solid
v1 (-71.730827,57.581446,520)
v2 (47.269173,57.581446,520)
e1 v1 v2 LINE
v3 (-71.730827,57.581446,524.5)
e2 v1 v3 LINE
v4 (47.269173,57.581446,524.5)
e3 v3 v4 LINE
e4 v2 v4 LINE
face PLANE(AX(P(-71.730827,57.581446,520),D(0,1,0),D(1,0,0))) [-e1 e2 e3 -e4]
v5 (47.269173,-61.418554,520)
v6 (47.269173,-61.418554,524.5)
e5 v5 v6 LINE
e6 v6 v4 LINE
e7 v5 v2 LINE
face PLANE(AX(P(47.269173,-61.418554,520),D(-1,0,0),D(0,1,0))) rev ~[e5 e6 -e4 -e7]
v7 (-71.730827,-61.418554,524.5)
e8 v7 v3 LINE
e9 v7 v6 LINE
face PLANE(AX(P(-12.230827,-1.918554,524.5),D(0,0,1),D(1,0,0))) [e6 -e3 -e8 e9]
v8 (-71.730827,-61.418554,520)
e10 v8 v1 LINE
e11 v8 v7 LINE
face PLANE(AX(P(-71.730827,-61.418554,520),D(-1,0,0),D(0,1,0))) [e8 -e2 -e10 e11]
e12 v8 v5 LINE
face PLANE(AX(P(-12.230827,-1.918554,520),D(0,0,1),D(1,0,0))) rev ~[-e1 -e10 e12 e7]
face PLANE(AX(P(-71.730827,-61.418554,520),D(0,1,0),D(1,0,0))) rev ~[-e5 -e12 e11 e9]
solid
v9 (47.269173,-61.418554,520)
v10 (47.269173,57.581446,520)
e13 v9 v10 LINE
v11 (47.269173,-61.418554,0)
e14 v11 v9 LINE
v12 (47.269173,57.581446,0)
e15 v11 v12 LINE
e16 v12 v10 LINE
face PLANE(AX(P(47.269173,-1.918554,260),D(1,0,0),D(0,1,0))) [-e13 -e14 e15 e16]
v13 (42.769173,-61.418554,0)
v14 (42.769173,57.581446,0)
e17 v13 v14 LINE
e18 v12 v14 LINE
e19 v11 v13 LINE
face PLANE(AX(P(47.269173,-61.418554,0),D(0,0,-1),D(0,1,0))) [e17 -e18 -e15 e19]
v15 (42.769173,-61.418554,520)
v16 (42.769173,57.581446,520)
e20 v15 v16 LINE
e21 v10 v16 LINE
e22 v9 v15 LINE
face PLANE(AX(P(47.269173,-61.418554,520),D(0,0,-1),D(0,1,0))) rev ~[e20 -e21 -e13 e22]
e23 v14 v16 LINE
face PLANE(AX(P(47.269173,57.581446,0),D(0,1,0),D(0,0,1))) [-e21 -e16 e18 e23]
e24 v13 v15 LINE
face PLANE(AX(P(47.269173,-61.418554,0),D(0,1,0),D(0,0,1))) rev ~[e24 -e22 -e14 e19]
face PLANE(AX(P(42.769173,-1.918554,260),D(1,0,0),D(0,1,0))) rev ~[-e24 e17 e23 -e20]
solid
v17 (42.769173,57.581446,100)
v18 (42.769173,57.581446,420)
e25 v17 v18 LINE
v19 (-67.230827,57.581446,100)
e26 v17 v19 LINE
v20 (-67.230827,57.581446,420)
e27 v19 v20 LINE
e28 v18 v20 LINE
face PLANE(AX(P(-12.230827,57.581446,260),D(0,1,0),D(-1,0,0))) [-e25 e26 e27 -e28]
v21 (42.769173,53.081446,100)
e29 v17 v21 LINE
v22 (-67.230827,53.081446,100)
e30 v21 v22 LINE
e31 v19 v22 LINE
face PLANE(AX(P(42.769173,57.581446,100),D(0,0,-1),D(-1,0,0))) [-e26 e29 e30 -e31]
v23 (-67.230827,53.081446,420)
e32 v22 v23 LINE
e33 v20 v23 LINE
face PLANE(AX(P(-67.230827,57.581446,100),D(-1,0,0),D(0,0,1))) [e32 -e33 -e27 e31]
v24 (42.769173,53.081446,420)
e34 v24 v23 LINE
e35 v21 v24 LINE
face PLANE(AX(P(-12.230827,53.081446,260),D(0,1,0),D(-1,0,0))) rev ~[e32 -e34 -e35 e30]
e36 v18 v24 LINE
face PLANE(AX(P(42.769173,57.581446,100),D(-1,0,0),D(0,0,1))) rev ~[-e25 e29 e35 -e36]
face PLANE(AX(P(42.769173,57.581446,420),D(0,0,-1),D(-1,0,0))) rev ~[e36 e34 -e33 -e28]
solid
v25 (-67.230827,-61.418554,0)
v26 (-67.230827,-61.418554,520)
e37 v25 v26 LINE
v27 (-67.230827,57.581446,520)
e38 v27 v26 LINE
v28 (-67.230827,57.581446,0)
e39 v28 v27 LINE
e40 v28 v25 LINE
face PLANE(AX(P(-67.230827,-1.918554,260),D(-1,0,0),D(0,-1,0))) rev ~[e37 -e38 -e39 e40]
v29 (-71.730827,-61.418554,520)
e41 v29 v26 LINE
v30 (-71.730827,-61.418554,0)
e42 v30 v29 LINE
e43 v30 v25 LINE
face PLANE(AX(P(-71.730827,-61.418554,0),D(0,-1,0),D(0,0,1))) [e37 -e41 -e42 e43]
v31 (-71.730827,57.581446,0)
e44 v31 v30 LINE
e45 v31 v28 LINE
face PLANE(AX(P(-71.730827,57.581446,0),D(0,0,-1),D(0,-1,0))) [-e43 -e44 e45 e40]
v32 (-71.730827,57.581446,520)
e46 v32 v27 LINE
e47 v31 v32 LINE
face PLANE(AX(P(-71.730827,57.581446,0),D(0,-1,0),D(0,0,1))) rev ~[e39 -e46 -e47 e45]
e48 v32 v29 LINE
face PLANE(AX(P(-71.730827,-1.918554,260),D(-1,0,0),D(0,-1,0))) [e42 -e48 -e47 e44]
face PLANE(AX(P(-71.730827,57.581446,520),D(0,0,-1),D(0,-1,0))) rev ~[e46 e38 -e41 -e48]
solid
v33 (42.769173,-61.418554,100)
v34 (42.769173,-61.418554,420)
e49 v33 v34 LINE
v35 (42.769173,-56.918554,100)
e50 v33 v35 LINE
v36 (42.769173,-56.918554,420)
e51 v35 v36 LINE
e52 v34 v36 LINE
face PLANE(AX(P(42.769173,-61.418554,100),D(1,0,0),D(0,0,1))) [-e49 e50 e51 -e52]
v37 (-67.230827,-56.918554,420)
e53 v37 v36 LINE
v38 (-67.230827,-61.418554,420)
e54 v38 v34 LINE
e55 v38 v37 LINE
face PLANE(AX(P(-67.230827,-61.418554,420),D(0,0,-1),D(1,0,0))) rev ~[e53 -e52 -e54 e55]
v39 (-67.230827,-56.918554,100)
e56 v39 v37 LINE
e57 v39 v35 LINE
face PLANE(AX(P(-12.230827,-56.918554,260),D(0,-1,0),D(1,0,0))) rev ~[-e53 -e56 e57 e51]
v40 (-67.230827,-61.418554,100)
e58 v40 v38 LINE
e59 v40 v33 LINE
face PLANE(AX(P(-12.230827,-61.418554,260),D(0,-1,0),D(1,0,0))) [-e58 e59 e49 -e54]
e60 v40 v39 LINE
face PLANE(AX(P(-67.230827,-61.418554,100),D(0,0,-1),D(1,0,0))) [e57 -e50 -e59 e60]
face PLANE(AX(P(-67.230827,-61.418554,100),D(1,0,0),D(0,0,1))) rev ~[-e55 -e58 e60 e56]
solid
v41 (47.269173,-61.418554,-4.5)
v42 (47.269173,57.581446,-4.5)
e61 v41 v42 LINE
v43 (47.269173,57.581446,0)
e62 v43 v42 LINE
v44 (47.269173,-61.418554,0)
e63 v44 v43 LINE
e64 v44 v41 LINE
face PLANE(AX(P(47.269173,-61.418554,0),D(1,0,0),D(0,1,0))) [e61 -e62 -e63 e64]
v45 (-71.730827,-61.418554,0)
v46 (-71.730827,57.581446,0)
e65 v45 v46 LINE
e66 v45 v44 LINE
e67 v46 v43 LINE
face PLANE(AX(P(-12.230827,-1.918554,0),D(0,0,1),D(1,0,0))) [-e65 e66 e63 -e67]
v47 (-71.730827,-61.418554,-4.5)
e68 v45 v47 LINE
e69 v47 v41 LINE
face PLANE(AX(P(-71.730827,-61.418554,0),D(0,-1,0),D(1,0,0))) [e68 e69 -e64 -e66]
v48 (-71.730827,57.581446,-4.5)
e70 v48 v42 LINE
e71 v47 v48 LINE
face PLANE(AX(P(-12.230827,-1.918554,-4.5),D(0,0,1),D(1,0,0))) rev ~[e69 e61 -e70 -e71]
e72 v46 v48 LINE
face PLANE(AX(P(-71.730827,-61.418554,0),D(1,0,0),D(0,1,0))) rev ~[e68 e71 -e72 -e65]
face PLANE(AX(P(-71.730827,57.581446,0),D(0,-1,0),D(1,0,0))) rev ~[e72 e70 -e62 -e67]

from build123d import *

# Parameters (mm, degrees)
F0_W      = 119
F0_H      = 119
F1_DEPTH  = 4.5
F2_W      = 119
F2_H      = 520
F3_DEPTH  = 4.5
F4_W      = 119
F4_H      = 520
F5_DEPTH  = 4.5
F6_W      = 119
F6_H      = 119
F7_DEPTH  = 4.5
F8_W      = 110
F8_H      = 320
F9_DEPTH  = 4.5
F10_W     = 110
F10_H     = 320
F11_DEPTH = 4.5


with BuildPart() as f1:
    # F0 (on Top) → F1 (new body)
    with BuildSketch(Plane.XY):
        with Locations((-12.230827, -1.918554)):
            Rectangle(F0_W, F0_H)
    extrude(amount=-F1_DEPTH)


with BuildPart() as f3:
    # F2 (on face) → F3 (new body)
    with BuildSketch(Plane.YZ.offset(47.269173)):
        with Locations((-1.918554, 260)):
            Rectangle(F2_W, F2_H)
    extrude(amount=-F3_DEPTH)


with BuildPart() as f5:
    # F4 (on face) → F5 (new body)
    with BuildSketch(Plane(origin=(-71.730827, 0, 0), x_dir=(0, -1, 0), z_dir=(-1, 0, 0))):
        with Locations((1.918554, 260)):
            Rectangle(F4_W, F4_H)
    extrude(amount=-F5_DEPTH)


with BuildPart() as f7:
    # F6 (on face) → F7 (new body)
    with BuildSketch(Plane.XY.offset(520)):
        with Locations((-12.230827, -1.918554)):
            Rectangle(F6_W, F6_H)
    extrude(amount=F7_DEPTH)


with BuildPart() as f9:
    # F8 (on face) → F9 (new body)
    with BuildSketch(Plane.XZ.offset(61.418554)):
        with Locations((-12.230827, 260)):
            Rectangle(F8_W, F8_H)
    extrude(amount=-F9_DEPTH)


with BuildPart() as f11:
    # F10 (on face) → F11 (new body)
    with BuildSketch(Plane(origin=(0, 57.581446, 0), x_dir=(-1, 0, 0), z_dir=(0, 1, 0))):
        with Locations((12.230827, 260)):
            Rectangle(F10_W, F10_H)
    extrude(amount=-F11_DEPTH)


solid = Compound([f1.part, f3.part, f5.part, f7.part, f9.part, f11.part])
